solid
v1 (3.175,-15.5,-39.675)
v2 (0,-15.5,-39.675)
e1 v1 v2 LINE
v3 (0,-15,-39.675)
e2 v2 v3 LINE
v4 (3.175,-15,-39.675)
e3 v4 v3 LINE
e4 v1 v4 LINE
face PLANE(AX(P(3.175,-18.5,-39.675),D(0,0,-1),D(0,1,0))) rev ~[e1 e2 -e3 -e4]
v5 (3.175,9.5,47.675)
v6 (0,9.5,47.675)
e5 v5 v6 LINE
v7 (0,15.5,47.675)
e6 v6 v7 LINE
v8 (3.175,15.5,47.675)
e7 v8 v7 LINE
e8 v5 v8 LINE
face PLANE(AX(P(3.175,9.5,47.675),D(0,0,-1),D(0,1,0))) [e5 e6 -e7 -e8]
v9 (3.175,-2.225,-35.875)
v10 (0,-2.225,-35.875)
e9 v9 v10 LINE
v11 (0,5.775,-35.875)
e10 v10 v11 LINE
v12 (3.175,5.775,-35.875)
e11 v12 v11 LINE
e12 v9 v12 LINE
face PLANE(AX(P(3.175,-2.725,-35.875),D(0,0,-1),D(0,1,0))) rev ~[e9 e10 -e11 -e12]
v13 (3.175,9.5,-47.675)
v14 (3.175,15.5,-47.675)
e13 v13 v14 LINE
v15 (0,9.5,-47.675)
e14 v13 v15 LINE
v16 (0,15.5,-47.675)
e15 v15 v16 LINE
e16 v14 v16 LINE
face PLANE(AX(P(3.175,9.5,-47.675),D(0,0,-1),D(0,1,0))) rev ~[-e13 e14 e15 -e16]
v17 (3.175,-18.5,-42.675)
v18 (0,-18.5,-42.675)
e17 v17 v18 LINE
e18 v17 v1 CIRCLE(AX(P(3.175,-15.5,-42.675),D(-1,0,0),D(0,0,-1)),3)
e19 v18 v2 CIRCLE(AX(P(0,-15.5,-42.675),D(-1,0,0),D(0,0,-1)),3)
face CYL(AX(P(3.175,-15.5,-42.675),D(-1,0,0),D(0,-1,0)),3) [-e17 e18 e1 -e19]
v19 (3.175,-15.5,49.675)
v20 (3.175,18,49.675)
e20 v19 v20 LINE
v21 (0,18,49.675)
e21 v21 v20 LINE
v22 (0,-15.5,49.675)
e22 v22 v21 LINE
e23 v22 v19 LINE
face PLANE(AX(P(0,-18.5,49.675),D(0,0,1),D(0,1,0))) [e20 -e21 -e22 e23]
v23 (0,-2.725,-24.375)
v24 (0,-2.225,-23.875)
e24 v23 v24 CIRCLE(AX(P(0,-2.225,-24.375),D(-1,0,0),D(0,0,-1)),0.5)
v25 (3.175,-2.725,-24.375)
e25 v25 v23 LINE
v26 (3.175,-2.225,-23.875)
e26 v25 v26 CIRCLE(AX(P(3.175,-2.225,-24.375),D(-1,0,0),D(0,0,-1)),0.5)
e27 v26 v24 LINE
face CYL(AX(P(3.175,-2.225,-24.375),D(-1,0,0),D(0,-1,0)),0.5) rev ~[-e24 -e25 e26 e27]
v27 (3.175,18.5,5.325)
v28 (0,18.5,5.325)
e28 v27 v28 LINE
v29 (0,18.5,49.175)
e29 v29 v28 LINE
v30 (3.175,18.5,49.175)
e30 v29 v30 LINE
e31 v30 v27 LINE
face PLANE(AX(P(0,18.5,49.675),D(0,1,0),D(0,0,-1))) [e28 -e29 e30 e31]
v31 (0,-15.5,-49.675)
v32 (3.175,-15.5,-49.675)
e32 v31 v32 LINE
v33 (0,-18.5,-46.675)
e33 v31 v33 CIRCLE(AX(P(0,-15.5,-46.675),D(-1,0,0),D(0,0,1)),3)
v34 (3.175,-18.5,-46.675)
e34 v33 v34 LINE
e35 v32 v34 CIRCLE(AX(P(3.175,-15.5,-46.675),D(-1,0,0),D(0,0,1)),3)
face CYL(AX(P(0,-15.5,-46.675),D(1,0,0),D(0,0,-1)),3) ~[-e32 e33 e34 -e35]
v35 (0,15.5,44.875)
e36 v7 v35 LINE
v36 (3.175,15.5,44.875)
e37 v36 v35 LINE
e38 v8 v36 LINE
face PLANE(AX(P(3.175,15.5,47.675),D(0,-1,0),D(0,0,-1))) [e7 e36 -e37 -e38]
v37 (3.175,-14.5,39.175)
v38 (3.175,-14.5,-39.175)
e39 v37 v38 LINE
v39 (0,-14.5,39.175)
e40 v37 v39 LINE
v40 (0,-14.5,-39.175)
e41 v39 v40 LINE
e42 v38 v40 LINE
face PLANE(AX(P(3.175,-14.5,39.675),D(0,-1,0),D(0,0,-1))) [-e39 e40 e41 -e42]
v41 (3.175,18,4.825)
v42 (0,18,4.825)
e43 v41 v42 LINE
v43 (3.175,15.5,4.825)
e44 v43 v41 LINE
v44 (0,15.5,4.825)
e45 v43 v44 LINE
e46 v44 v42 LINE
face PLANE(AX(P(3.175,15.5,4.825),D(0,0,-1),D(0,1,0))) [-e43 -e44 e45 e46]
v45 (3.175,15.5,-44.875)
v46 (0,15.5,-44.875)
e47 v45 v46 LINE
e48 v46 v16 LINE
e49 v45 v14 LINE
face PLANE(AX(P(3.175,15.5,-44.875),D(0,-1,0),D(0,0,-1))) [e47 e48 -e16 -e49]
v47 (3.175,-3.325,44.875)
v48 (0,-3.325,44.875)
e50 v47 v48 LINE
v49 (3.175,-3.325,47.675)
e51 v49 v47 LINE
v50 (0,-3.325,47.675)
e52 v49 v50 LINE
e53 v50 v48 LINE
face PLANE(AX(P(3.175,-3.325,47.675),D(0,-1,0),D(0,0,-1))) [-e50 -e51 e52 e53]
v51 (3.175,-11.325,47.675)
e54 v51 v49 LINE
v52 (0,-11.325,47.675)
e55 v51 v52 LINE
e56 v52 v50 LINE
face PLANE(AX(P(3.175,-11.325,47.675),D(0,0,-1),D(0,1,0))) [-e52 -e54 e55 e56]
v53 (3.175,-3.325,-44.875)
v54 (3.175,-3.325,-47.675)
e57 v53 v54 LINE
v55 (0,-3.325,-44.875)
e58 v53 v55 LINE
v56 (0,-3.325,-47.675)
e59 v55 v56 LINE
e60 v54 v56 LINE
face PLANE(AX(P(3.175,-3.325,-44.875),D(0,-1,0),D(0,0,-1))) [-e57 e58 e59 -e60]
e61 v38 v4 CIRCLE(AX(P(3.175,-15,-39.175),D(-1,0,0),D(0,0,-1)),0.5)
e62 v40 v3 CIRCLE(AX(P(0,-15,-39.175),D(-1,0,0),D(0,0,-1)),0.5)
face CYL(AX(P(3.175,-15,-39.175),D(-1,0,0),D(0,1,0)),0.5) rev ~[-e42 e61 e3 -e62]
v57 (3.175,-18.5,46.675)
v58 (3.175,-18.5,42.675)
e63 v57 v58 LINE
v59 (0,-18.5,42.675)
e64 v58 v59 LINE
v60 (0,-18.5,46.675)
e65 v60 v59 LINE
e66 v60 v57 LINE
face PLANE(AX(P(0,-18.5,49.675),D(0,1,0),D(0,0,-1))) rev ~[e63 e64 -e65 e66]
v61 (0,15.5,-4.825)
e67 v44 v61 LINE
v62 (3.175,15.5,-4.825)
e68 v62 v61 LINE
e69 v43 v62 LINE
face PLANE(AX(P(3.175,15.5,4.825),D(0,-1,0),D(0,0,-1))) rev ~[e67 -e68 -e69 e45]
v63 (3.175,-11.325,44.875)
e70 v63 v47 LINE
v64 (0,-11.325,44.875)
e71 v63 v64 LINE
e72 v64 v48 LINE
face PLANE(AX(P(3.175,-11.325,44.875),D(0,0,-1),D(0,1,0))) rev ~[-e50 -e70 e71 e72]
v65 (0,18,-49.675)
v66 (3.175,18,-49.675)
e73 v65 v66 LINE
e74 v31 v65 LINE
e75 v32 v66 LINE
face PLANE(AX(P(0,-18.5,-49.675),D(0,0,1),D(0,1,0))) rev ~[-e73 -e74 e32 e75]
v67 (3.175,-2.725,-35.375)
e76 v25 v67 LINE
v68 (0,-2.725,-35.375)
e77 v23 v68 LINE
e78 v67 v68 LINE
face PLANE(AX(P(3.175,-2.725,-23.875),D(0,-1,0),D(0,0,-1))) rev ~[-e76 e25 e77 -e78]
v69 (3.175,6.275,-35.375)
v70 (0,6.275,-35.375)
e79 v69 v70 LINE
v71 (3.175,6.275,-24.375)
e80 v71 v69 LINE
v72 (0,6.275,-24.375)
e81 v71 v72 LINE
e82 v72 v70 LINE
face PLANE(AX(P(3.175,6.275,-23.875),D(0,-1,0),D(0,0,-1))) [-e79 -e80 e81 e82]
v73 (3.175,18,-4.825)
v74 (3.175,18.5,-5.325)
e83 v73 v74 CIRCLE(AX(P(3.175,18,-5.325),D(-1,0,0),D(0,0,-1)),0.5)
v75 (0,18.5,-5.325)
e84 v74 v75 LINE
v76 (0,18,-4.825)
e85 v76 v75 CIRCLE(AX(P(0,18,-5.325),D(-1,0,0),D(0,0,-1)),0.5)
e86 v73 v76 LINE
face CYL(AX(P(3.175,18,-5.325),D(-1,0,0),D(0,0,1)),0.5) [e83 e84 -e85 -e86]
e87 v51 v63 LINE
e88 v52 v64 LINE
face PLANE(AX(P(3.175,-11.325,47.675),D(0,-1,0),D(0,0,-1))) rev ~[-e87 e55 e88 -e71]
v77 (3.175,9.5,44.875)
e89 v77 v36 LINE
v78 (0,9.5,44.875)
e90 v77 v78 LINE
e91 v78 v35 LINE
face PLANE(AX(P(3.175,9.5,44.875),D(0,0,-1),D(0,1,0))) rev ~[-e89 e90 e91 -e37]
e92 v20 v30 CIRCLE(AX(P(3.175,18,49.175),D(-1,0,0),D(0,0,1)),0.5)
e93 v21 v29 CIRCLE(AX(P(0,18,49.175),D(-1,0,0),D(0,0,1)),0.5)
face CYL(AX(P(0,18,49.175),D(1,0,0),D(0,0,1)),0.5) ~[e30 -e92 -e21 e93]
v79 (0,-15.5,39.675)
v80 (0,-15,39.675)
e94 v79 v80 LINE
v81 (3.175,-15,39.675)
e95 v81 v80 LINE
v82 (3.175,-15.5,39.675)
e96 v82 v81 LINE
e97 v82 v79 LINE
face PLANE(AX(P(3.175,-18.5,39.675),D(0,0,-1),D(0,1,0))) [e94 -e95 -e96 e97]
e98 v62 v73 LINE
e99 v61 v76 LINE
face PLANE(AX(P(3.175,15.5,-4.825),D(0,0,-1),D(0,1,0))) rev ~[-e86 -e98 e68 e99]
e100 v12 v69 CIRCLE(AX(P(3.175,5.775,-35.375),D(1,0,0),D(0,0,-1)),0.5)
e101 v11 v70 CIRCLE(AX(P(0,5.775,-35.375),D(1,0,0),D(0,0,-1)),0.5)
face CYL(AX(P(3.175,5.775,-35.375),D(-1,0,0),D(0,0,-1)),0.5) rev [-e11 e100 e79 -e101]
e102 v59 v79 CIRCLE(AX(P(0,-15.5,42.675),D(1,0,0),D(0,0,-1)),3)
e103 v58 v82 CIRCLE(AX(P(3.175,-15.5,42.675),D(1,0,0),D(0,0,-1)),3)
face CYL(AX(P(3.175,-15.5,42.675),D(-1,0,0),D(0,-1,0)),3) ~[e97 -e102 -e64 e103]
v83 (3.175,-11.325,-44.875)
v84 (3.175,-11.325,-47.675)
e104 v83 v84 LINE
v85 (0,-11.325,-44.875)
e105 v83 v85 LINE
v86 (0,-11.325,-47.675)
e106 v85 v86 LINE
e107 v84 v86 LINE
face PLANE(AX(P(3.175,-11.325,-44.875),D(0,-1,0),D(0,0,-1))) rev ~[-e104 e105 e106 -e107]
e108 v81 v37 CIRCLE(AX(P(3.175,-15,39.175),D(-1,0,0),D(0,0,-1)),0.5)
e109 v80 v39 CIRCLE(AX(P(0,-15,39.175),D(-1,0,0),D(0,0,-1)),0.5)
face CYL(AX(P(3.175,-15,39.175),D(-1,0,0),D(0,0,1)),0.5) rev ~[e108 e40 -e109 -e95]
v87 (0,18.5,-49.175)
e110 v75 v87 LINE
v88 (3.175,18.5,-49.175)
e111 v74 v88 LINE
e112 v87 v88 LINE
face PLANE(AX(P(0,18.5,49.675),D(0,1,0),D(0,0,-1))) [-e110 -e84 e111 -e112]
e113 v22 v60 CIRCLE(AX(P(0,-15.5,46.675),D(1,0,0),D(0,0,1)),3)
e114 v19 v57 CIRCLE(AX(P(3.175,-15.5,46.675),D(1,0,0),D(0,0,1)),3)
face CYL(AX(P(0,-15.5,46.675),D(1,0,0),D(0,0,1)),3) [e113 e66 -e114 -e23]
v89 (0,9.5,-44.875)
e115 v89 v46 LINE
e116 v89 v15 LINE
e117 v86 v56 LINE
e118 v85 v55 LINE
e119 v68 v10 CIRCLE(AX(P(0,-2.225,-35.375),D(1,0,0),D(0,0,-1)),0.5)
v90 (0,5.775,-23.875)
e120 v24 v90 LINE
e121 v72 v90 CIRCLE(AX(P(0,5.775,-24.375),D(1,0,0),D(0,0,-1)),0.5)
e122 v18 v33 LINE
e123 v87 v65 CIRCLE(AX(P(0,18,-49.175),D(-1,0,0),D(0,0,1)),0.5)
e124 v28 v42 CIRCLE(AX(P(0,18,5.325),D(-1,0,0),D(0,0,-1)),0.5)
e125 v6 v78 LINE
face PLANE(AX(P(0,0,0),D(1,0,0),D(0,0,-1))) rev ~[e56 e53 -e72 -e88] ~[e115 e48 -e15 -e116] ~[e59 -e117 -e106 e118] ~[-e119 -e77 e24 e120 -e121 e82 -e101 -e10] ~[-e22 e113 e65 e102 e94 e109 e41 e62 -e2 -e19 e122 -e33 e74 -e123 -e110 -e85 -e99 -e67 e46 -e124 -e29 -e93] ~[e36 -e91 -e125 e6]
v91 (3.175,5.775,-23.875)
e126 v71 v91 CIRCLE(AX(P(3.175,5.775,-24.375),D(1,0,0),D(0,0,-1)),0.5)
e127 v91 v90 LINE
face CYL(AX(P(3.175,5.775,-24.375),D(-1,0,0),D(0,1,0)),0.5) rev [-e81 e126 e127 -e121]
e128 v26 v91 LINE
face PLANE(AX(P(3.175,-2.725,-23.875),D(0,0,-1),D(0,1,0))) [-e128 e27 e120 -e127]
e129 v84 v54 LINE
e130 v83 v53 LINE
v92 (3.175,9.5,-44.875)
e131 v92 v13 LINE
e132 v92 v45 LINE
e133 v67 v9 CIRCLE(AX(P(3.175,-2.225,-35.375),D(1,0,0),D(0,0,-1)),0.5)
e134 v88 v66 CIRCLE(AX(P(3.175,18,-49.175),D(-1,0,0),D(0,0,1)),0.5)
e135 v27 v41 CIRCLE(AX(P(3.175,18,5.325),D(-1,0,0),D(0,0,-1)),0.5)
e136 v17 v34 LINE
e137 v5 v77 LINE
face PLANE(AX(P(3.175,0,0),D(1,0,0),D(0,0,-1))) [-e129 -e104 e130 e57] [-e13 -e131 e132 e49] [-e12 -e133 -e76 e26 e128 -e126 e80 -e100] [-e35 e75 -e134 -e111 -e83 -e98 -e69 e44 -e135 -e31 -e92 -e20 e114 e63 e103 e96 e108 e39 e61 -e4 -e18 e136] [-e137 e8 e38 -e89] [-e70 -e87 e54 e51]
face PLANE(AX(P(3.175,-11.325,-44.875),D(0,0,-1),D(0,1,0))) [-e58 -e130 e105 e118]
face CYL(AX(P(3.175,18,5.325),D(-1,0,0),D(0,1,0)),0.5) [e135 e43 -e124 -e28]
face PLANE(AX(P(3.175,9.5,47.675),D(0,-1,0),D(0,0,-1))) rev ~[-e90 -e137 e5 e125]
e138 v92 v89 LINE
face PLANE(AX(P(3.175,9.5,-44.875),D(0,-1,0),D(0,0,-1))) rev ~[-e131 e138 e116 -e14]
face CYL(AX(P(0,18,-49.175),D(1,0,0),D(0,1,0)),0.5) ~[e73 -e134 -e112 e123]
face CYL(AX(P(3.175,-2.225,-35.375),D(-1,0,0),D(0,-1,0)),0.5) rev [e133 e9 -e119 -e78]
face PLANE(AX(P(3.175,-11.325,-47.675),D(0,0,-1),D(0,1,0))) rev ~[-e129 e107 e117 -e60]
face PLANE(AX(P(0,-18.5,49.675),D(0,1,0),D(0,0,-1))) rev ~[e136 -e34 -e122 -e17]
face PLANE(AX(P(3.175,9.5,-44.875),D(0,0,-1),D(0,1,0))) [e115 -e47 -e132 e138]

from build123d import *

# Parameters (mm, degrees)
SKETCH1_W           = 99.35
SKETCH1_H           = 37
BOSS_EXTRUDE1_DEPTH = 3.175
SKETCH2_W           = 2.8
SKETCH2_H           = 6
SKETCH2_H_2         = 8
CUT_EXTRUDE1_DEPTH  = 54.103071945
SKETCH3_W           = 79.35
SKETCH3_H           = 4
CUT_EXTRUDE2_DEPTH  = 54.103071945
FILLET1_R           = 3
FILLET2_R           = 0.5
SKETCH4_W           = 9.65
SKETCH4_H           = 3
CUT_EXTRUDE3_DEPTH  = 54.103071945
SKETCH5_W           = 12
SKETCH5_H           = 9
CUT_EXTRUDE4_DEPTH  = 54.103071945
FILLET3_R           = 0.5
FILLET4_R           = 0.5


with BuildPart() as part:
    # Sketch1 → Boss-Extrude1 (new body)
    with BuildSketch(Plane(origin=(0, 0, 0), x_dir=(0, 0, -1), z_dir=(1, 0, 0))):
        Rectangle(SKETCH1_W, SKETCH1_H)
    extrude(amount=BOSS_EXTRUDE1_DEPTH)

    # Sketch2 → Cut-Extrude1 (cut, through all)
    with BuildSketch(Plane(origin=(3.175, 0, 0), x_dir=(0, 0, -1), z_dir=(1, 0, 0))):
        with Locations((-46.275, 12.5)):
            Rectangle(SKETCH2_W, SKETCH2_H)
        with Locations((46.275, 12.5)):
            Rectangle(SKETCH2_W, SKETCH2_H)
        with Locations((-46.275, -7.325)):
            Rectangle(SKETCH2_W, SKETCH2_H_2)
        with Locations((46.275, -7.325)):
            Rectangle(SKETCH2_W, SKETCH2_H_2)
    extrude(amount=-CUT_EXTRUDE1_DEPTH, mode=Mode.SUBTRACT)

    # Sketch3 → Cut-Extrude2 (cut, through all)
    with BuildSketch(Plane(origin=(3.175, 0, 0), x_dir=(0, 0, -1), z_dir=(1, 0, 0))):
        with Locations((0, -16.5)):
            Rectangle(SKETCH3_W, SKETCH3_H)
    extrude(amount=-CUT_EXTRUDE2_DEPTH, mode=Mode.SUBTRACT)

    # Fillet1
    fillet1_edges = [part.edges().sort_by_distance(p)[0] for p in [
        (1.5875, -18.5, -49.675),
        (1.5875, -18.5, 49.675),
        (1.5875, -18.5, 39.675),
        (1.5875, -18.5, -39.675),
    ]]
    fillet(fillet1_edges, radius=FILLET1_R)

    # Fillet2
    fillet2_edges = [part.edges().sort_by_distance(p)[0] for p in [
        (1.5875, 18.5, 49.675),
        (1.5875, 18.5, -49.675),
        (1.5875, -14.5, 39.675),
        (1.5875, -14.5, -39.675),
    ]]
    fillet(fillet2_edges, radius=FILLET2_R)

    # Sketch4 → Cut-Extrude3 (cut, through all)
    with BuildSketch(Plane(origin=(3.175, 0, 0), x_dir=(0, 0, -1), z_dir=(1, 0, 0))):
        with Locations((0, 17)):
            Rectangle(SKETCH4_W, SKETCH4_H)
    extrude(amount=-CUT_EXTRUDE3_DEPTH, mode=Mode.SUBTRACT)

    # Sketch5 → Cut-Extrude4 (cut, through all)
    with BuildSketch(Plane(origin=(3.175, 0, 0), x_dir=(0, 0, -1), z_dir=(1, 0, 0))):
        with Locations((29.875, 1.775)):
            Rectangle(SKETCH5_W, SKETCH5_H)
    extrude(amount=-CUT_EXTRUDE4_DEPTH, mode=Mode.SUBTRACT)

    # Fillet3
    fillet3_edges = [part.edges().sort_by_distance(p)[0] for p in [
        (1.5875, -2.725, -23.875),
        (1.5875, 6.275, -23.875),
        (1.5875, 6.275, -35.875),
        (1.5875, -2.725, -35.875),
    ]]
    fillet(fillet3_edges, radius=FILLET3_R)

    # Fillet4
    fillet4_edges = [part.edges().sort_by_distance(p)[0] for p in [
        (1.5875, 18.5, 4.825),
        (1.5875, 18.5, -4.825),
    ]]
    fillet(fillet4_edges, radius=FILLET4_R)


solid = part.part
